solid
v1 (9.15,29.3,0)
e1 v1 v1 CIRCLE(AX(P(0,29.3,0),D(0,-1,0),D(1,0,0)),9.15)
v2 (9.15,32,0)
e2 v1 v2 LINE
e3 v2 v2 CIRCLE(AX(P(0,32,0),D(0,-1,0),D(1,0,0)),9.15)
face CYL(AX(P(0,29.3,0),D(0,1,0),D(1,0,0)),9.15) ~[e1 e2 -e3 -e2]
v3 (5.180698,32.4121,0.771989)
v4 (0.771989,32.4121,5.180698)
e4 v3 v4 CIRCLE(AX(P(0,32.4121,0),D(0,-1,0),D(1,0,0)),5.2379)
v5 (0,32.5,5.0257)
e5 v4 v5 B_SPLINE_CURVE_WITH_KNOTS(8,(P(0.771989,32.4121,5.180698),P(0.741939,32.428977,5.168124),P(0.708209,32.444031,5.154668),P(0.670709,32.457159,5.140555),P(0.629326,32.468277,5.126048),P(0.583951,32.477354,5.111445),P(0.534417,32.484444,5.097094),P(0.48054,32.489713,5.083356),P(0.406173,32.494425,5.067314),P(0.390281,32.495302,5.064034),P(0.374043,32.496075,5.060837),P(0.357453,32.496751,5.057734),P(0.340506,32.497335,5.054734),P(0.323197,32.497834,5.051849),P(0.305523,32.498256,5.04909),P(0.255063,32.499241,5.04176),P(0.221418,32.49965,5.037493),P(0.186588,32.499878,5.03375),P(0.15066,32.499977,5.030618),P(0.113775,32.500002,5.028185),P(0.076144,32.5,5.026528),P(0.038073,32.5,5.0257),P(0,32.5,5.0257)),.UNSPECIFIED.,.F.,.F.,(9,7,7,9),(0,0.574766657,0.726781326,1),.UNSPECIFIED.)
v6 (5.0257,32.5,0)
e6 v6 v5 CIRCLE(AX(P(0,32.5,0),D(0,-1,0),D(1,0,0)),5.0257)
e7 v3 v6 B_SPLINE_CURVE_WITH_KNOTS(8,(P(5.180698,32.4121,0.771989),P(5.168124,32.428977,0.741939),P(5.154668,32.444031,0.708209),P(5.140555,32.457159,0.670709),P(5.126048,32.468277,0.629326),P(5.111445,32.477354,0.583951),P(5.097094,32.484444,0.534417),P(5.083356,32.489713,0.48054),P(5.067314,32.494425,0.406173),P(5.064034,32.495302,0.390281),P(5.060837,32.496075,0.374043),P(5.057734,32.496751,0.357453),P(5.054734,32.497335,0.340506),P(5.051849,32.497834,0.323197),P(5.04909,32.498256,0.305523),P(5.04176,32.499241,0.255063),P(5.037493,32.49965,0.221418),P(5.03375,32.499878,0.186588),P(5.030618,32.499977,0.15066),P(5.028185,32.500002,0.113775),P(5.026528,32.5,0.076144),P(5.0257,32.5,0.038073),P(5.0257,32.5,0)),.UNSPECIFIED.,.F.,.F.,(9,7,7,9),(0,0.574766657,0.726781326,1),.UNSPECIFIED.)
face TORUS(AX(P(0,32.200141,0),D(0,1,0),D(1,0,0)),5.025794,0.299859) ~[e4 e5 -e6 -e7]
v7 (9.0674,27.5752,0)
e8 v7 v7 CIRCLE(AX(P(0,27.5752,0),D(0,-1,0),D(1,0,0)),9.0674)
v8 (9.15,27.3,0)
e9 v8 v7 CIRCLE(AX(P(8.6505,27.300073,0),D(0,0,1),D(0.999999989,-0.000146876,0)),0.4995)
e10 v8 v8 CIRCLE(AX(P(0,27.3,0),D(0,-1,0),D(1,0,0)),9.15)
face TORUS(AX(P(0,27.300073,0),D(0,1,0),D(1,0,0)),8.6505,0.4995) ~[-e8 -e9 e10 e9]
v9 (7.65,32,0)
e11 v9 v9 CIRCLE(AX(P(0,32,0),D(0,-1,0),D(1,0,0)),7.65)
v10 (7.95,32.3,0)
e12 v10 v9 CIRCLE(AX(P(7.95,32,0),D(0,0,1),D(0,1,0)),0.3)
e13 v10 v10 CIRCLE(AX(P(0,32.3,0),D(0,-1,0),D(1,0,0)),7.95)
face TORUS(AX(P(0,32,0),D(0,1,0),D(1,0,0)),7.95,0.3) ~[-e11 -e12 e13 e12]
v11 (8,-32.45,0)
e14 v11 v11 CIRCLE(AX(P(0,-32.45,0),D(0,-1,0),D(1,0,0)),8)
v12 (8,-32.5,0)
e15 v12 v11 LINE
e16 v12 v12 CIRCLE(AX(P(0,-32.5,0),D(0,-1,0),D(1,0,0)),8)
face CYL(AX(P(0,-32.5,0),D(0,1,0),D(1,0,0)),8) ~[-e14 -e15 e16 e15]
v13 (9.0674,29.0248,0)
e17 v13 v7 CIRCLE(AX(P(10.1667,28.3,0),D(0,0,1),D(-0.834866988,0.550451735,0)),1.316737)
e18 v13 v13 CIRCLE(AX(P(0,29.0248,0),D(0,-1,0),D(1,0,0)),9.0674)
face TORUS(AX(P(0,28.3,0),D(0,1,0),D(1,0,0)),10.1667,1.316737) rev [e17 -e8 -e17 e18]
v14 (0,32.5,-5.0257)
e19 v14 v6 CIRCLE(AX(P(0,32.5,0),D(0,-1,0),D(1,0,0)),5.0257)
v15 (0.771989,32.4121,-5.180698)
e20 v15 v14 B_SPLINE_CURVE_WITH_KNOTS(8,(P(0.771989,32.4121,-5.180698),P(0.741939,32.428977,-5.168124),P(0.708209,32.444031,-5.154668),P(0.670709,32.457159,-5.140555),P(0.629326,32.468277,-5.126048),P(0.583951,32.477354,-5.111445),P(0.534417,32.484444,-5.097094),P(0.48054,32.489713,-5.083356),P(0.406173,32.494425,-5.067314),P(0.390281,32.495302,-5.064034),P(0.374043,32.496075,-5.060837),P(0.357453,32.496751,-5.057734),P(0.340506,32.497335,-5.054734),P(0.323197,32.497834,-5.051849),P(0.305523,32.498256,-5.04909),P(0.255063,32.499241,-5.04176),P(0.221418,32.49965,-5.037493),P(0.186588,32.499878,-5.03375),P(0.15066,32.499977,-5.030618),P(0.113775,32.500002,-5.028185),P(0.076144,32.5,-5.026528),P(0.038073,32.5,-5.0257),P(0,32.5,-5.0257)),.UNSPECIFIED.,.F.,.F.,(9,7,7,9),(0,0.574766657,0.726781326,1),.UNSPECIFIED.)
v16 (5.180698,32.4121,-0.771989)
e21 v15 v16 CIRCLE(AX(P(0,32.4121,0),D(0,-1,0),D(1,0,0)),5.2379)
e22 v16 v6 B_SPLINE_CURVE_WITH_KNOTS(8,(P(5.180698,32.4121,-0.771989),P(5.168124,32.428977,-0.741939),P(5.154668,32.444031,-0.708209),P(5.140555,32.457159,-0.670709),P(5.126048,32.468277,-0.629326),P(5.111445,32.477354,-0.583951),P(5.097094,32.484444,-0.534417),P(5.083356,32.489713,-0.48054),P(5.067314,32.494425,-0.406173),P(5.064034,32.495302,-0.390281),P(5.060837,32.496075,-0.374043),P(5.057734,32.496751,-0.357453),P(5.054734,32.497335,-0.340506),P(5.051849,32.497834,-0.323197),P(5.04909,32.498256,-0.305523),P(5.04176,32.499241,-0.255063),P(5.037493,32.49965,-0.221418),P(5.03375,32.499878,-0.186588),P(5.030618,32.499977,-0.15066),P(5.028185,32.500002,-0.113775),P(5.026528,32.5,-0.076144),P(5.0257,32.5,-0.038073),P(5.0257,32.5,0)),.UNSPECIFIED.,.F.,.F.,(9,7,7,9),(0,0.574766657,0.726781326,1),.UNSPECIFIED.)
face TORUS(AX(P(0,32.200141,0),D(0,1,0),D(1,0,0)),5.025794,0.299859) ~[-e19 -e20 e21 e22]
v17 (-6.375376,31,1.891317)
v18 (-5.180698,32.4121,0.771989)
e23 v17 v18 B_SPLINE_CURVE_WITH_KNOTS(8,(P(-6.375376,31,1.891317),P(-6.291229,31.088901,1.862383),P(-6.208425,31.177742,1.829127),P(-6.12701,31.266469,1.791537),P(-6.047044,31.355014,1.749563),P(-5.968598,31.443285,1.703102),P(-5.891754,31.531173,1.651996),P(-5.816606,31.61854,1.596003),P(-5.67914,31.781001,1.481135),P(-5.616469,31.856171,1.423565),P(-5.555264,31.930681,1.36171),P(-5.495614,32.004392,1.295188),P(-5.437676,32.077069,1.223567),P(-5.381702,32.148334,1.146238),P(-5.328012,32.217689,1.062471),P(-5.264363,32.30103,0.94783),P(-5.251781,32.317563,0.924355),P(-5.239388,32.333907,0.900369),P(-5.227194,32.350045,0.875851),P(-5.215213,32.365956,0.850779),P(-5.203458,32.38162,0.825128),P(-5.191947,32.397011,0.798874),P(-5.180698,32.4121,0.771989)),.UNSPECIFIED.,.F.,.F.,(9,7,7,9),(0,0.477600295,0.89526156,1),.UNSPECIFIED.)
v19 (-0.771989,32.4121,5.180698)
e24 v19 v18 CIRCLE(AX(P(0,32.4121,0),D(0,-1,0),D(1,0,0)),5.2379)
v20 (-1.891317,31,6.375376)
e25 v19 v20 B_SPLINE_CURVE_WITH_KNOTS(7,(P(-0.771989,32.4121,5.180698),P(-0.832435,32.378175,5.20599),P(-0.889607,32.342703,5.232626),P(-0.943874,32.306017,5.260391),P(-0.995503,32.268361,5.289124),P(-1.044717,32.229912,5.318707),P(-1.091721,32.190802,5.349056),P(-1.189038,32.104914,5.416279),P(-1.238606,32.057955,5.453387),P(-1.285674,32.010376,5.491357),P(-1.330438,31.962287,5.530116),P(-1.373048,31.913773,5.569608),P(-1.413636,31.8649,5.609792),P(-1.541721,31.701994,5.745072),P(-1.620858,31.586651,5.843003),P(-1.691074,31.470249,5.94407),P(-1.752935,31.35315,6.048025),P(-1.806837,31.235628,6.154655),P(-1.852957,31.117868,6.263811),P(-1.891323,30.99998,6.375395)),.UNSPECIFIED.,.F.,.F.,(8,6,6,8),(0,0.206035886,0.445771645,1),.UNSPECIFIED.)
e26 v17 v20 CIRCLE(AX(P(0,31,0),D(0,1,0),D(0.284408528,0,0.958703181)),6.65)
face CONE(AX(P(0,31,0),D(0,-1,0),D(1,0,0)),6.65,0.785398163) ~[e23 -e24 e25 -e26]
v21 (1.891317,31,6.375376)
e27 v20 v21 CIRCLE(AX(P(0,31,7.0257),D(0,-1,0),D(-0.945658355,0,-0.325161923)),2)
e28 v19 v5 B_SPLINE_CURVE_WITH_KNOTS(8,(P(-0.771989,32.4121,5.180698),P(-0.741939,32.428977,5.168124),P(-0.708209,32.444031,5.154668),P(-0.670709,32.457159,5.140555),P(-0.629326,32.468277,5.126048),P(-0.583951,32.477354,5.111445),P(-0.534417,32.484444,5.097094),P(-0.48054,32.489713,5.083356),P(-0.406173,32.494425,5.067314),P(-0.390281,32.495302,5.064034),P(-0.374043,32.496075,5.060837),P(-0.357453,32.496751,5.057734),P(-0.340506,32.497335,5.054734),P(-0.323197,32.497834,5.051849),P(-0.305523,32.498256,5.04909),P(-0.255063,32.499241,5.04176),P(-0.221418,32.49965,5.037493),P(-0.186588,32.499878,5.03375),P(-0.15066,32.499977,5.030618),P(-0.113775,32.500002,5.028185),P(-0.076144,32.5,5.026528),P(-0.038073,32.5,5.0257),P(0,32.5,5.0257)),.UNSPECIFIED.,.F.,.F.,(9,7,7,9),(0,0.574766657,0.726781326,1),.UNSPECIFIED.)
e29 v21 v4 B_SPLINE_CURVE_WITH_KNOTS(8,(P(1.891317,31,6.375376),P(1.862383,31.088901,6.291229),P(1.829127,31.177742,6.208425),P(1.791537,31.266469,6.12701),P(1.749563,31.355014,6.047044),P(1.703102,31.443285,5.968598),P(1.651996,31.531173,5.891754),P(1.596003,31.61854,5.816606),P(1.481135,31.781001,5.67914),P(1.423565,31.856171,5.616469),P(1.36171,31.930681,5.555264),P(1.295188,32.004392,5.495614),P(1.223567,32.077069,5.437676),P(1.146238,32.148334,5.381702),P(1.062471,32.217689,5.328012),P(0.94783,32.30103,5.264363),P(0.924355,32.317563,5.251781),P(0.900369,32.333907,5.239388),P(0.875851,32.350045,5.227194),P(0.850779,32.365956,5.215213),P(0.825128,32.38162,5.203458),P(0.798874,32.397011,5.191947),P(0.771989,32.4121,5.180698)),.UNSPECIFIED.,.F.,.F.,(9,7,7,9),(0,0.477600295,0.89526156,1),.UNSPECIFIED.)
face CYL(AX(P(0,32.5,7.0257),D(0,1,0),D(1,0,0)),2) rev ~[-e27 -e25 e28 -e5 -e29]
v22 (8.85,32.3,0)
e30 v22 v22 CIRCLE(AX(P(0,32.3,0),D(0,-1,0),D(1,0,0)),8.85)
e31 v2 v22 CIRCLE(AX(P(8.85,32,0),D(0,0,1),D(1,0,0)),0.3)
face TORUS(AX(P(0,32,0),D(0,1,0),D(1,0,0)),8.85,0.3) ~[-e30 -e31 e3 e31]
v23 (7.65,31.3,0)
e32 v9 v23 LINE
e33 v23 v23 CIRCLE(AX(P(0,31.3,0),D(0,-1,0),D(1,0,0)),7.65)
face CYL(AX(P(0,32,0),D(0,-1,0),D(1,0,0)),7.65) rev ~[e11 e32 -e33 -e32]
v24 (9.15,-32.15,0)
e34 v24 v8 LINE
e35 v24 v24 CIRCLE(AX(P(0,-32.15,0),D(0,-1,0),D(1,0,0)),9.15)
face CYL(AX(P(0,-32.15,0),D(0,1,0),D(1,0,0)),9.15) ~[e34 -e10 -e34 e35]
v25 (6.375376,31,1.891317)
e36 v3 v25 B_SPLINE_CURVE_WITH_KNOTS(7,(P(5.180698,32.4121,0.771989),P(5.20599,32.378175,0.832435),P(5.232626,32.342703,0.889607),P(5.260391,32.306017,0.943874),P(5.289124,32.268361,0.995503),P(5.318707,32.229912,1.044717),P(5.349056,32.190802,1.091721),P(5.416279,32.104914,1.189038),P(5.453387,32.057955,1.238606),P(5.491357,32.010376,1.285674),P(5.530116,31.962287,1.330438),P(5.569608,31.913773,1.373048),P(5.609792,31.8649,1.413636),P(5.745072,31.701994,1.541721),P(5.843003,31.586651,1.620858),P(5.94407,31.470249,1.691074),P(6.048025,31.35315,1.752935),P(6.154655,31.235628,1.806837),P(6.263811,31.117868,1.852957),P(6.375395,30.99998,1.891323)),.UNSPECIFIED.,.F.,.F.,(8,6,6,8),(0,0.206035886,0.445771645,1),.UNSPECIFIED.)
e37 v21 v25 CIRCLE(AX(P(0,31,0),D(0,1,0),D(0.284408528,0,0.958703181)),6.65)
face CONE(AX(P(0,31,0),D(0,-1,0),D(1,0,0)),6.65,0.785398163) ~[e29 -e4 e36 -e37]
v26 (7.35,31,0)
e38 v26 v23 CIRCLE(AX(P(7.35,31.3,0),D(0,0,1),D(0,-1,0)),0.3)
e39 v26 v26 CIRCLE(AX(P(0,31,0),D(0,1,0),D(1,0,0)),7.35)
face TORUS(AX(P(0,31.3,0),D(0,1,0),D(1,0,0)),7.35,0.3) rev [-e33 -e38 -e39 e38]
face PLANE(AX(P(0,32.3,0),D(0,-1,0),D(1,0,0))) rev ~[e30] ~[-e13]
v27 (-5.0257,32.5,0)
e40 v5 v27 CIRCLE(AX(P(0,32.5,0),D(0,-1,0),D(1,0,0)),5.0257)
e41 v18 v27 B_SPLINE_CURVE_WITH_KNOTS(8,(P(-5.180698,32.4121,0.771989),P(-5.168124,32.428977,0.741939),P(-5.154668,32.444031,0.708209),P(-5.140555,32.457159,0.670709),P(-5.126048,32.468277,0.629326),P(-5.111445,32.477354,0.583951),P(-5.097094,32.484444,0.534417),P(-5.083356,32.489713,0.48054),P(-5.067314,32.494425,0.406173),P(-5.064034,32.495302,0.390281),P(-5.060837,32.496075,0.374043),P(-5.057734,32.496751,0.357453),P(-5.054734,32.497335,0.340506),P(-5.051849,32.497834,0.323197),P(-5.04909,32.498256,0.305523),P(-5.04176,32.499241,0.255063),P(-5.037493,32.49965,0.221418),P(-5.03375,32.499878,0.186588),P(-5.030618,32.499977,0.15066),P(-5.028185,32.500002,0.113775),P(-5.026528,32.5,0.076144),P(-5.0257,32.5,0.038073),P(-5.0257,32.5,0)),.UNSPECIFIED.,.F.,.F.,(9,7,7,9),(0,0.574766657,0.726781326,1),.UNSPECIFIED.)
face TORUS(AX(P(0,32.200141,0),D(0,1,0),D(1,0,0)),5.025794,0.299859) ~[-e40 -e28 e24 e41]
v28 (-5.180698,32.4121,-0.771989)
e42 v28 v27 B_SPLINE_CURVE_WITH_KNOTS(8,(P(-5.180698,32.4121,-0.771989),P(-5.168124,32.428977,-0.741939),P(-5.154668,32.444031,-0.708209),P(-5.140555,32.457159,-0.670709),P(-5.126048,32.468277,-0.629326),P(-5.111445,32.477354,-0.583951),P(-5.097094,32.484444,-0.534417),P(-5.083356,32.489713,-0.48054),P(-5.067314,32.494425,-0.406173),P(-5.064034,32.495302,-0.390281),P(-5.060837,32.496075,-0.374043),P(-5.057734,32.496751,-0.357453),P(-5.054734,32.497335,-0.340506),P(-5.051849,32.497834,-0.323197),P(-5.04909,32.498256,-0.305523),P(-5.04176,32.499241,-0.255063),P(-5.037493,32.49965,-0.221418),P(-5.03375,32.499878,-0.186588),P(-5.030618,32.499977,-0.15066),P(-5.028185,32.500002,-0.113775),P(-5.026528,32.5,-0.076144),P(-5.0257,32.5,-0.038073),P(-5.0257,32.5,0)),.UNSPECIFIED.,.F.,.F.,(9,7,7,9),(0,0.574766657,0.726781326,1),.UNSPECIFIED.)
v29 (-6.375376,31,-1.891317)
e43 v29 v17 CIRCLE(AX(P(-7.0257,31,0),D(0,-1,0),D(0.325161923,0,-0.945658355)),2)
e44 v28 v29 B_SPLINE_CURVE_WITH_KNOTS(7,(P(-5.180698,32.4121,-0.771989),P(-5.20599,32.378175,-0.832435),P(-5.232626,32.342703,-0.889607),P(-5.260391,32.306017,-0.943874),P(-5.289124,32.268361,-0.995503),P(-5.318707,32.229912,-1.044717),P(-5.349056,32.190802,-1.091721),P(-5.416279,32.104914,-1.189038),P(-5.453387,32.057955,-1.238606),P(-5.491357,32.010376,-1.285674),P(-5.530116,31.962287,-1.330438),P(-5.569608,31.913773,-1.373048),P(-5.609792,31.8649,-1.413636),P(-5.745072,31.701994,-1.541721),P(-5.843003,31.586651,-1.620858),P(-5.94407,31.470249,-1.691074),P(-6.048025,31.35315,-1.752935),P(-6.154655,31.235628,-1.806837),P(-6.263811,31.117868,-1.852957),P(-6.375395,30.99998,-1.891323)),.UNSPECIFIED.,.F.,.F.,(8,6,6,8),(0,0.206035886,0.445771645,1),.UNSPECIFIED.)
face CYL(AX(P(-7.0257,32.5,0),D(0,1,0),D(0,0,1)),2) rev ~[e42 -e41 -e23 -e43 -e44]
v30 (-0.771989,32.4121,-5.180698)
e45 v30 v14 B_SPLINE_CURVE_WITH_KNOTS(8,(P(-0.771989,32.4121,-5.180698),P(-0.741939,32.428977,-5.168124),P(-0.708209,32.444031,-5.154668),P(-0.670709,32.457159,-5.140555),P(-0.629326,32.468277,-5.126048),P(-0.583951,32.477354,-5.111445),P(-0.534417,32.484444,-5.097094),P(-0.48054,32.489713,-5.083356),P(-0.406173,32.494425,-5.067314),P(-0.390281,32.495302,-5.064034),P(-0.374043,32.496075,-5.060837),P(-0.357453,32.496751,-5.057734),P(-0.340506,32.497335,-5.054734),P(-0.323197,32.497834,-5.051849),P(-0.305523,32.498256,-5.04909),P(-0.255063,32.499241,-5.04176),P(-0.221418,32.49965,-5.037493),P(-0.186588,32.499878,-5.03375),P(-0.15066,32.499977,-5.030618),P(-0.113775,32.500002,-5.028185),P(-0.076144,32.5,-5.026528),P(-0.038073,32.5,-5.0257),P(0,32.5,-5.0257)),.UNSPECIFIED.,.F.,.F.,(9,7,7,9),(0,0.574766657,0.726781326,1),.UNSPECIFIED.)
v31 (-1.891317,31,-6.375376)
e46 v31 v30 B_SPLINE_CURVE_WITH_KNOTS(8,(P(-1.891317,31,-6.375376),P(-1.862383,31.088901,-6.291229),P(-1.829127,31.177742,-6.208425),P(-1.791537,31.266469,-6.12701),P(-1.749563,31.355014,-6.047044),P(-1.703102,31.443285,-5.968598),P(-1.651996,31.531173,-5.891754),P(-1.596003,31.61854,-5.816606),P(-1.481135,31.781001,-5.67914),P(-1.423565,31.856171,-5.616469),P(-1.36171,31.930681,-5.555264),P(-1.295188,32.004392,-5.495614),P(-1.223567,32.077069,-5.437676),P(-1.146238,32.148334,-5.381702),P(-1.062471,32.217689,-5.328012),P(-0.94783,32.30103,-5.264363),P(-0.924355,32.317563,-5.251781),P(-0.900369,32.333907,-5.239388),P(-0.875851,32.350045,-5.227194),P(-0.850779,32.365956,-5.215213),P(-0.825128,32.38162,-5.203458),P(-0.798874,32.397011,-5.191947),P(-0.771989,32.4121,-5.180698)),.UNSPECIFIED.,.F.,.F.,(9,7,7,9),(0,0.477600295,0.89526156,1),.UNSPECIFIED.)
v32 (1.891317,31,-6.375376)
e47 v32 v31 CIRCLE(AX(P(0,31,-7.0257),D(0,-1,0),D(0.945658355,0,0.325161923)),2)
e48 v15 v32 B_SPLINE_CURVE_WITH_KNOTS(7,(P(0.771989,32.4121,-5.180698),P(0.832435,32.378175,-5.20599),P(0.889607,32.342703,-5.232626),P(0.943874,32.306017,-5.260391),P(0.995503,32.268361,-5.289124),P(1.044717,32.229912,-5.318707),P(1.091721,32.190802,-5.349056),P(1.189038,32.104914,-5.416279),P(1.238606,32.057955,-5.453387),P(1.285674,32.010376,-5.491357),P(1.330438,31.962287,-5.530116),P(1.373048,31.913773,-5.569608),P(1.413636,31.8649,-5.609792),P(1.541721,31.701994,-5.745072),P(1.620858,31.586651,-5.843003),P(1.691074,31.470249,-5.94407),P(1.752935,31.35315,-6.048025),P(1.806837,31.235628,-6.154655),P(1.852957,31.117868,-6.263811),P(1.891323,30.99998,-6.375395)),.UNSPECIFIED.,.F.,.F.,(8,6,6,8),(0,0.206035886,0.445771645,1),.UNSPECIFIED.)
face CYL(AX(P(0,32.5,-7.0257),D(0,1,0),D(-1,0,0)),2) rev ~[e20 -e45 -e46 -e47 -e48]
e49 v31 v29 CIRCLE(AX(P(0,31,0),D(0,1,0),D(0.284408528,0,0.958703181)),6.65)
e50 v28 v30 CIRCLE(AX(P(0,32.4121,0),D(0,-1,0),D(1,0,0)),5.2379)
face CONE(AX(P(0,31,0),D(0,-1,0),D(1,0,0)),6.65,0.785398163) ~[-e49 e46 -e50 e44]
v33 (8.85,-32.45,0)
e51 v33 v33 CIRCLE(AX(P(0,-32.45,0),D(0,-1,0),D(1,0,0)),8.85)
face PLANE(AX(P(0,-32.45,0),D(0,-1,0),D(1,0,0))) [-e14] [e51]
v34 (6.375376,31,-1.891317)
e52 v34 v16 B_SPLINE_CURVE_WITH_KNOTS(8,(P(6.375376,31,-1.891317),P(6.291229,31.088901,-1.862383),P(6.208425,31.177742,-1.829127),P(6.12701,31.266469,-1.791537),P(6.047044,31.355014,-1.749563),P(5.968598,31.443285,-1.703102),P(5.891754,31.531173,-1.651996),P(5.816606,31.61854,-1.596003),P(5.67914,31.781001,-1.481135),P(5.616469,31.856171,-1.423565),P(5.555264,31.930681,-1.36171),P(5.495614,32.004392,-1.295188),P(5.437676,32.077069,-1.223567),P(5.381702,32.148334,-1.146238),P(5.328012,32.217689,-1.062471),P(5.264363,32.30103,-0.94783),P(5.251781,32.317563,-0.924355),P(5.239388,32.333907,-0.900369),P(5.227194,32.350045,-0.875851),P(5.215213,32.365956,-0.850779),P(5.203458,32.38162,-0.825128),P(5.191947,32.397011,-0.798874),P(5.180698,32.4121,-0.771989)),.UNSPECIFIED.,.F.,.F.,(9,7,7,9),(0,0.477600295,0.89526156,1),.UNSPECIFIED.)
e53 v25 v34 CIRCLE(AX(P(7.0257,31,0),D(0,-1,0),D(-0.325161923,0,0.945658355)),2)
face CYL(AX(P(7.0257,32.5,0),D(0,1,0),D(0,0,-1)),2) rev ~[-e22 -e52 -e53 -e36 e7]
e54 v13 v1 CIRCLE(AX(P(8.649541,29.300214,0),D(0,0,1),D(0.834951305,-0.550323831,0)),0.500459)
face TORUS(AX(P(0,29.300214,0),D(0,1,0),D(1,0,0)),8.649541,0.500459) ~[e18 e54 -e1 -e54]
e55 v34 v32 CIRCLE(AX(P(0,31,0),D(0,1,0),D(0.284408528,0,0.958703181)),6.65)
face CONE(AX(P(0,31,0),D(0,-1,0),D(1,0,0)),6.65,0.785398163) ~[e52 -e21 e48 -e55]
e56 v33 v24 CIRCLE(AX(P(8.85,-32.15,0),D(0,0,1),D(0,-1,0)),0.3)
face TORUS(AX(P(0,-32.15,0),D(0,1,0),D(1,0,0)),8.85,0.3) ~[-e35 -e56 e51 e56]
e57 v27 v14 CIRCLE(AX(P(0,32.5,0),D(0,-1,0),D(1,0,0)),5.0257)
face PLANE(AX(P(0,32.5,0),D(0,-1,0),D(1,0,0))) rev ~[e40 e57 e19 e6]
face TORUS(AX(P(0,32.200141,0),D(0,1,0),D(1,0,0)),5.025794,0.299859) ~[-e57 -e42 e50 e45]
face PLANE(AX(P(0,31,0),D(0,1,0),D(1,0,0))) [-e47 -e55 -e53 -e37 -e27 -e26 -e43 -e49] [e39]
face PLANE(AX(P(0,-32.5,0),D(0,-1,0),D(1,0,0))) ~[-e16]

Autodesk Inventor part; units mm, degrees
ref_plane "YZ Plane" through (0, 0, 0) normal (1, 0, 0) x (0, 1, 0)
ref_plane "XZ Plane" through (0, 0, 0) normal (0, 1, 0) x (-1, 0, 0)
ref_plane "XY Plane" through (0, 0, 0) normal (0, 0, 1) x (1, 0, 0)
sketch "Sketch1" plane through (0, 0, 0) normal (0, 0, 1) x (1, 0, 0)
  line L0 (0, 32.5) -> (0, -32.5)
  line L1 (9.15, -32.15) -> (9.15, 27.3)
  line L2 (9.15, 29.3) -> (9.15, 32)
  line L3 (8.85, 32.3) -> (7.95, 32.3)
  line L4 (7.65, 32) -> (7.65, 31.3)
  line L5 (7.35, 31) -> (6.65, 31)
  line L6 (6.65, 31) -> (5.2379, 32.4121)
  line L7 (5.0257, 32.5) -> (0, 32.5)
  arc A0 (8.85, -32.45) -> (9.15, -32.15) centre (8.85, -32.15) ccw
  arc A1 (9.15, 27.3) -> (9.0674, 27.5752) centre (8.65, 27.3) ccw
  arc A2 (9.0674, 29.0248) -> (9.15, 29.3) centre (8.65, 29.3) ccw
  arc A3 (9.15, 32) -> (8.85, 32.3) centre (8.85, 32) ccw
  arc A4 (5.2379, 32.4121) -> (5.0257, 32.5) centre (5.0257, 32.2) ccw
  arc A5 (7.95, 32.3) -> (7.65, 32) centre (7.95, 32) ccw
  arc A6 (7.35, 31) -> (7.65, 31.3) centre (7.35, 31.3) ccw
  arc A7 (9.0674, 29.0248) -> (9.0674, 27.5752) centre (10.1667, 28.3) ccw
  line L8 (8.85, -32.45) -> (8, -32.45)
  line L9 (0, -32.5) -> (8, -32.5)
  line L10 (8, -32.5) -> (8, -32.45)
  point P0 (0, 0)
  point P1 (9.15, 32.3)
  point P2 (7.65, 32.3)
  point P3 (7.65, 31)
  point P4 (0, 0)
  dimension "d0" = 65
  dimension "d1" = 18.3
  dimension "d2" = 0.2
  dimension "d3" = 1.5
  dimension "d4" = 1
  dimension "d5" = 135
  dimension "d6" = 1.3
  dimension "d9" = 0.3
  dimension "d19" = 0.3
  dimension "d20" = 0.5
  dimension "d21" = 4
  dimension "d22" = 2
  dimension "d23" = 0.05
  dimension "d24" = 16
revolve "Revolution1" add sketch "Sketch1" angle 360 about axis through (0, 32.5, 0) along (0, -1, 0)
sketch "Sketch2" plane through (0, 32.5, 0) normal (0, 1, 0) x (1, 0, 0)
  circle A0 centre (0, 0) radius 5.0257 projected
  circle A1 centre (0, 0) radius 7.35 projected
  circle A2 centre (0, 0) radius 7.65 projected
  circle A3 centre (0, 0) radius 7.65 projected
  circle A4 centre (0, 0) radius 7.65 projected
  circle A5 centre (0, 0) radius 7.65 projected
  line L0 (-2, -7.3839) -> (-2, -7.0257)
  line L1 (2, -7.0257) -> (2, -7.3839)
  arc A6 (2, -7.0257) -> (-2, -7.0257) centre (0, -7.0257) ccw
  circle A7 centre (0, 0) radius 7.35 projected
  arc A8 (-2, -7.0727) -> (2, -7.0727) centre (0, 0) ccw
  point P0 (0, 0)
  dimension "d11" = 4
extrude "Extrusion2" cut sketch "Sketch2" against normal up to surface (1.5 mm away) contours A6 L1 A1 L0 picked at (0, -6.5546)
pattern_circular "Circular Pattern1" count 4 over 360 about axis through (0, -10, 0) along (0, 1, 0) of "Extrusion2"
properties part number "Battery18650" material "Stainless Steel"
